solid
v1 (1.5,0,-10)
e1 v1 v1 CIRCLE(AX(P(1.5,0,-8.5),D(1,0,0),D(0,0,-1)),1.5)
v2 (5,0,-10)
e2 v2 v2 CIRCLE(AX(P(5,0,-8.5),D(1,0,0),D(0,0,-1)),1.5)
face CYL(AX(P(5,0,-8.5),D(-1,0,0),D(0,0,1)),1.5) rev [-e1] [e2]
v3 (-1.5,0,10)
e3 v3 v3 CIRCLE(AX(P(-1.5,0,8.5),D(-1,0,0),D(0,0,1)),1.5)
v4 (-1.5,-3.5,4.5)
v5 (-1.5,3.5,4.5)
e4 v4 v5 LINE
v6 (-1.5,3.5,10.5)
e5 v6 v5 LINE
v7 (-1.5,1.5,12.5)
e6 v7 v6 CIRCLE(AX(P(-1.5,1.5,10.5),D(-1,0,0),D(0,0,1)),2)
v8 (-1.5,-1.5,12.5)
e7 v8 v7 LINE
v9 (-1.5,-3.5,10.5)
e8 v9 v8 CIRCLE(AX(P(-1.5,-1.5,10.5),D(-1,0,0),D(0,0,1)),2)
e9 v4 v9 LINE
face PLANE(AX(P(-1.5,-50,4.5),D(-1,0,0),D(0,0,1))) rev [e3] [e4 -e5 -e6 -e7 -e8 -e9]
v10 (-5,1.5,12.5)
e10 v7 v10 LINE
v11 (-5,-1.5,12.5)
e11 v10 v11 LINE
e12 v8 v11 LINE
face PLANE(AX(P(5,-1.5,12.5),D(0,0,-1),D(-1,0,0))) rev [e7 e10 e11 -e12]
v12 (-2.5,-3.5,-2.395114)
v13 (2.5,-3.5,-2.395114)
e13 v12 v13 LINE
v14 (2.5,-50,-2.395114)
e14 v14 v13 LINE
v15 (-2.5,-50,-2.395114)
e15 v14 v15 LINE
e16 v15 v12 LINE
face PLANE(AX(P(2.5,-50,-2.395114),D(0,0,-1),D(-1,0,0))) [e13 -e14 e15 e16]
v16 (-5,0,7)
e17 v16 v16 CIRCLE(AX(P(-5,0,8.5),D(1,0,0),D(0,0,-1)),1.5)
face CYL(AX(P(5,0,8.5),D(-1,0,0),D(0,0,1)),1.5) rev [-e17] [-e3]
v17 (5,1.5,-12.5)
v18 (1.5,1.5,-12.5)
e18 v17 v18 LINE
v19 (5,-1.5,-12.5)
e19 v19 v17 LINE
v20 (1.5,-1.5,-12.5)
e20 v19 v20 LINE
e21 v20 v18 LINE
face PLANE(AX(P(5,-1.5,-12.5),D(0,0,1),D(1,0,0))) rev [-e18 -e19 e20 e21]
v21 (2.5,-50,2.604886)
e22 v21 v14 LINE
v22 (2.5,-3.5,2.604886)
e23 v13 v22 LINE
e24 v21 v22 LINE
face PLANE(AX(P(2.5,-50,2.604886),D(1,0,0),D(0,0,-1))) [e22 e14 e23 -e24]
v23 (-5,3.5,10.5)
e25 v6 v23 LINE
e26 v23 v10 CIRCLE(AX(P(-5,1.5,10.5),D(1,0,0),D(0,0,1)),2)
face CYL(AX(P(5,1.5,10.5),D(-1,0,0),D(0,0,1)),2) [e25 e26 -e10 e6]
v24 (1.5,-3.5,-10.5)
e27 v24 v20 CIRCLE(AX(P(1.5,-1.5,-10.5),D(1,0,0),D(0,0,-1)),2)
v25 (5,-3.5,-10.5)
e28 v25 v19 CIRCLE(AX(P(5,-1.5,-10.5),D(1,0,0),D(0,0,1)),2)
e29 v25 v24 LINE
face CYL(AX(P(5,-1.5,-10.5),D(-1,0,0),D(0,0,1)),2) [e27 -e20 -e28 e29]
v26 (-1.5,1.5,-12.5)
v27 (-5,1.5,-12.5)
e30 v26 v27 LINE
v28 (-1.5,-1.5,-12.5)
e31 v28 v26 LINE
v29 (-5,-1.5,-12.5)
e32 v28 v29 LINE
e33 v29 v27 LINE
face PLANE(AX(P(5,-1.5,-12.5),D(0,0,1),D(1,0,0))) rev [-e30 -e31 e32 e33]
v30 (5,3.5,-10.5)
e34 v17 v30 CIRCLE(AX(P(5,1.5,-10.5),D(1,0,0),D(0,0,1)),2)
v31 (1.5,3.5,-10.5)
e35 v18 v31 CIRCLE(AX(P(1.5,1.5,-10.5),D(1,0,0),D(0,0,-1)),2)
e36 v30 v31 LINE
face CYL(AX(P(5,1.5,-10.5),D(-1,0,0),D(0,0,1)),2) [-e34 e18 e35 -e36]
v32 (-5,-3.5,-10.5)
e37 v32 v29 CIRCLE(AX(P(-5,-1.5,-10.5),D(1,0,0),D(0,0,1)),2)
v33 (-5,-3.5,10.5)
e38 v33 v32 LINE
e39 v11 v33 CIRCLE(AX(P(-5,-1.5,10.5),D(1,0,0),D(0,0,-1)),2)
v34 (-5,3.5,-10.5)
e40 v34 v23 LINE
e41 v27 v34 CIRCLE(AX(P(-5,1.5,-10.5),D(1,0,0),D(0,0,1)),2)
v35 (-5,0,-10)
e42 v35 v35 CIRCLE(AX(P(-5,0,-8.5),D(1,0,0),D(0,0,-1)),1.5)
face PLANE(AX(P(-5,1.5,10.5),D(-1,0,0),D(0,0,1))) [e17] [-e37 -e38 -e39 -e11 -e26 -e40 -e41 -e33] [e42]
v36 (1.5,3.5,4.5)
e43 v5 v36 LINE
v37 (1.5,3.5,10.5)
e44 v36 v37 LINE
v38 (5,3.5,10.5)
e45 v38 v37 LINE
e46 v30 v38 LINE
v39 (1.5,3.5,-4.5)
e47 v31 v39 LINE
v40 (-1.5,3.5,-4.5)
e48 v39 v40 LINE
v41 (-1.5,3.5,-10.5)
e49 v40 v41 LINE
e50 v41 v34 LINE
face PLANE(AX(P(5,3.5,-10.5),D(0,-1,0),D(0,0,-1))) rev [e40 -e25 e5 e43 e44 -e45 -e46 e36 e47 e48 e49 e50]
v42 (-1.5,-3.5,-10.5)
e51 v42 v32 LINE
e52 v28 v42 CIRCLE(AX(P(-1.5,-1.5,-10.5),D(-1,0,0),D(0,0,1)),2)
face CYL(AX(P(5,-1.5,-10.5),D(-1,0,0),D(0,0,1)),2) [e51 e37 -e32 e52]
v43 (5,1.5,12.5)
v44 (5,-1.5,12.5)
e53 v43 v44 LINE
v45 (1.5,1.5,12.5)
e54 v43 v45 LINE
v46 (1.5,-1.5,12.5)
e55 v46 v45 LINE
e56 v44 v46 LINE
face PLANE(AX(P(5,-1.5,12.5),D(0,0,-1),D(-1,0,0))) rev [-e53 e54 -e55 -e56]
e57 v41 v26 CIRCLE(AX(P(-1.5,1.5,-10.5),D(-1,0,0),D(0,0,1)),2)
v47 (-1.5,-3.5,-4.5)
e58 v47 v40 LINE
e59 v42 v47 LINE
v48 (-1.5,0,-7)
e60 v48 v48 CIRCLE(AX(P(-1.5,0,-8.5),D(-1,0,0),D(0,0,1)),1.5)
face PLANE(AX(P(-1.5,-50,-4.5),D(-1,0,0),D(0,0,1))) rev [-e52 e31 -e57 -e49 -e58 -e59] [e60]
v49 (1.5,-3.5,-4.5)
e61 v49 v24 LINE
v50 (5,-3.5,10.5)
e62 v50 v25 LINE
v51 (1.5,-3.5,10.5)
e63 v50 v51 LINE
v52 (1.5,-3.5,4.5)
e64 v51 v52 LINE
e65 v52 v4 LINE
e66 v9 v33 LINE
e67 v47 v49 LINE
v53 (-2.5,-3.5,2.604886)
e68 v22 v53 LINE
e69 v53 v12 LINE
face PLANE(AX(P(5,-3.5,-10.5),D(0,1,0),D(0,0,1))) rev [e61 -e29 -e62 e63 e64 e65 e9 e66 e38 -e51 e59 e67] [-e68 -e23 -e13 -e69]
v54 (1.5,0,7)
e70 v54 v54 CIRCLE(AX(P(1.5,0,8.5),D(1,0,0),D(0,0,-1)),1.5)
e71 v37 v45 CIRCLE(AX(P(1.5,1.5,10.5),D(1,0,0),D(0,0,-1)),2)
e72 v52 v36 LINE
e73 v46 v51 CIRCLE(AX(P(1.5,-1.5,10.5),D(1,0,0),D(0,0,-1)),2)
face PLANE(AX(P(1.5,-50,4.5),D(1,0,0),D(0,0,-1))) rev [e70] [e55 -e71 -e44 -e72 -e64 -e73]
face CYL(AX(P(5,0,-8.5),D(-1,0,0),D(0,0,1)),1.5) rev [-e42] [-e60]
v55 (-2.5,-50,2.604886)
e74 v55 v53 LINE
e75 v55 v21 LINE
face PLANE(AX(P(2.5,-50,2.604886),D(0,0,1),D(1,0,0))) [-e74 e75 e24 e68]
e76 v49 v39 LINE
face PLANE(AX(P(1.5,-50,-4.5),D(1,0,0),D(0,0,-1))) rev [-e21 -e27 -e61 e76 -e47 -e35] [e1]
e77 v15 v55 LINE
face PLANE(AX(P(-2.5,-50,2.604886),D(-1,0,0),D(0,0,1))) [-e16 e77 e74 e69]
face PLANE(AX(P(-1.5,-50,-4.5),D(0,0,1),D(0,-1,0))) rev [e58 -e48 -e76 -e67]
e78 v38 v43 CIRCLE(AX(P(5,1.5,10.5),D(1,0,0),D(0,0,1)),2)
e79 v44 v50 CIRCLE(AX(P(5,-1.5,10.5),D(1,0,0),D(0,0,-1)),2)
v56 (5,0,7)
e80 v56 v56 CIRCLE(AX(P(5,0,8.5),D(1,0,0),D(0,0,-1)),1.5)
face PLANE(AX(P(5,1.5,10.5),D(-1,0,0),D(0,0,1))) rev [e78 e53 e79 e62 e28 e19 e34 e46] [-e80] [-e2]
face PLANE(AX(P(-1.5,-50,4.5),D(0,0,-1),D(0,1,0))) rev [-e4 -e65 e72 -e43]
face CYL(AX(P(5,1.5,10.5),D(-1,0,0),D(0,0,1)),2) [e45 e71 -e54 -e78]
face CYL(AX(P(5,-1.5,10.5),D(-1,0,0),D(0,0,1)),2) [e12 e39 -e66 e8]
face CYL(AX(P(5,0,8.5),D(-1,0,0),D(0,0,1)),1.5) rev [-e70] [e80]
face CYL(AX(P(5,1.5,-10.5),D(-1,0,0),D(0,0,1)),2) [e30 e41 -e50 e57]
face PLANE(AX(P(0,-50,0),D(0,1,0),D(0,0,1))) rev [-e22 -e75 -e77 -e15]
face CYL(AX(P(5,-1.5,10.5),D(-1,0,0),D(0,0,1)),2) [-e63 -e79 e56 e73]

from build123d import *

# Parameters (mm, degrees)
CROQUIS1_W                 = 5
CROQUIS1_H                 = 5
SALIENTE_EXTRUIR1_DEPTH    = 50
CROQUIS2_R                 = 1.5
SALIENTE_EXTRUIR2_DEPTH    = 5
CORTAR_EXTRUIR1_DEPTH      = 56.167925464
CORTAR_EXTRUIR1_DEPTH_BACK = 56.167925464
CROQUIS3_W                 = 3
CROQUIS3_H                 = 8


with BuildPart() as part:
    # Croquis1 → Saliente-Extruir1 (new body)
    with BuildSketch(Plane(origin=(0, 0, 0), x_dir=(1, 0, 0), z_dir=(0, 1, 0))):
        with Locations((0, -0.104885861)):
            Rectangle(CROQUIS1_W, CROQUIS1_H)
    extrude(amount=-SALIENTE_EXTRUIR1_DEPTH)

    # Croquis2 → Saliente-Extruir2 (add, symmetric)
    with BuildSketch(Plane(origin=(0, 0, 0), x_dir=(0, 0, -1), z_dir=(1, 0, 0))):
        with BuildLine():
            Line((10.5, -3.5), (-10.5, -3.5))
            ThreePointArc((-10.5, -3.5), (-11.914213562, -2.914213562), (-12.5, -1.5))
            Line((-12.5, -1.5), (-12.5, 1.5))
            ThreePointArc((-12.5, 1.5), (-11.914213562, 2.914213562), (-10.5, 3.5))
            Line((-10.5, 3.5), (10.5, 3.5))
            ThreePointArc((10.5, 3.5), (11.914213562, 2.914213562), (12.5, 1.5))
            Line((12.5, 1.5), (12.5, -1.5))
            ThreePointArc((12.5, -1.5), (11.914213562, -2.914213562), (10.5, -3.5))
        make_face()
        with Locations((-8.5, 0)):
            Circle(CROQUIS2_R, mode=Mode.SUBTRACT)
        with Locations((8.5, 0)):
            Circle(CROQUIS2_R, mode=Mode.SUBTRACT)
    extrude(amount=SALIENTE_EXTRUIR2_DEPTH, both=True)

    # Croquis3 → Cortar-Extruir1 (cut, two sides: drawn at the far end of the back side and taken through both)
    with BuildSketch(Plane(origin=(0, 3.5, 0), x_dir=(1, 0, 0), z_dir=(0, 1, 0)).offset(-CORTAR_EXTRUIR1_DEPTH_BACK)):
        with Locations((0, 8.5)):
            Rectangle(CROQUIS3_W, CROQUIS3_H)
        with Locations((0, -8.5)):
            Rectangle(CROQUIS3_W, CROQUIS3_H)
    extrude(amount=CORTAR_EXTRUIR1_DEPTH + CORTAR_EXTRUIR1_DEPTH_BACK, mode=Mode.SUBTRACT)


solid = part.part
